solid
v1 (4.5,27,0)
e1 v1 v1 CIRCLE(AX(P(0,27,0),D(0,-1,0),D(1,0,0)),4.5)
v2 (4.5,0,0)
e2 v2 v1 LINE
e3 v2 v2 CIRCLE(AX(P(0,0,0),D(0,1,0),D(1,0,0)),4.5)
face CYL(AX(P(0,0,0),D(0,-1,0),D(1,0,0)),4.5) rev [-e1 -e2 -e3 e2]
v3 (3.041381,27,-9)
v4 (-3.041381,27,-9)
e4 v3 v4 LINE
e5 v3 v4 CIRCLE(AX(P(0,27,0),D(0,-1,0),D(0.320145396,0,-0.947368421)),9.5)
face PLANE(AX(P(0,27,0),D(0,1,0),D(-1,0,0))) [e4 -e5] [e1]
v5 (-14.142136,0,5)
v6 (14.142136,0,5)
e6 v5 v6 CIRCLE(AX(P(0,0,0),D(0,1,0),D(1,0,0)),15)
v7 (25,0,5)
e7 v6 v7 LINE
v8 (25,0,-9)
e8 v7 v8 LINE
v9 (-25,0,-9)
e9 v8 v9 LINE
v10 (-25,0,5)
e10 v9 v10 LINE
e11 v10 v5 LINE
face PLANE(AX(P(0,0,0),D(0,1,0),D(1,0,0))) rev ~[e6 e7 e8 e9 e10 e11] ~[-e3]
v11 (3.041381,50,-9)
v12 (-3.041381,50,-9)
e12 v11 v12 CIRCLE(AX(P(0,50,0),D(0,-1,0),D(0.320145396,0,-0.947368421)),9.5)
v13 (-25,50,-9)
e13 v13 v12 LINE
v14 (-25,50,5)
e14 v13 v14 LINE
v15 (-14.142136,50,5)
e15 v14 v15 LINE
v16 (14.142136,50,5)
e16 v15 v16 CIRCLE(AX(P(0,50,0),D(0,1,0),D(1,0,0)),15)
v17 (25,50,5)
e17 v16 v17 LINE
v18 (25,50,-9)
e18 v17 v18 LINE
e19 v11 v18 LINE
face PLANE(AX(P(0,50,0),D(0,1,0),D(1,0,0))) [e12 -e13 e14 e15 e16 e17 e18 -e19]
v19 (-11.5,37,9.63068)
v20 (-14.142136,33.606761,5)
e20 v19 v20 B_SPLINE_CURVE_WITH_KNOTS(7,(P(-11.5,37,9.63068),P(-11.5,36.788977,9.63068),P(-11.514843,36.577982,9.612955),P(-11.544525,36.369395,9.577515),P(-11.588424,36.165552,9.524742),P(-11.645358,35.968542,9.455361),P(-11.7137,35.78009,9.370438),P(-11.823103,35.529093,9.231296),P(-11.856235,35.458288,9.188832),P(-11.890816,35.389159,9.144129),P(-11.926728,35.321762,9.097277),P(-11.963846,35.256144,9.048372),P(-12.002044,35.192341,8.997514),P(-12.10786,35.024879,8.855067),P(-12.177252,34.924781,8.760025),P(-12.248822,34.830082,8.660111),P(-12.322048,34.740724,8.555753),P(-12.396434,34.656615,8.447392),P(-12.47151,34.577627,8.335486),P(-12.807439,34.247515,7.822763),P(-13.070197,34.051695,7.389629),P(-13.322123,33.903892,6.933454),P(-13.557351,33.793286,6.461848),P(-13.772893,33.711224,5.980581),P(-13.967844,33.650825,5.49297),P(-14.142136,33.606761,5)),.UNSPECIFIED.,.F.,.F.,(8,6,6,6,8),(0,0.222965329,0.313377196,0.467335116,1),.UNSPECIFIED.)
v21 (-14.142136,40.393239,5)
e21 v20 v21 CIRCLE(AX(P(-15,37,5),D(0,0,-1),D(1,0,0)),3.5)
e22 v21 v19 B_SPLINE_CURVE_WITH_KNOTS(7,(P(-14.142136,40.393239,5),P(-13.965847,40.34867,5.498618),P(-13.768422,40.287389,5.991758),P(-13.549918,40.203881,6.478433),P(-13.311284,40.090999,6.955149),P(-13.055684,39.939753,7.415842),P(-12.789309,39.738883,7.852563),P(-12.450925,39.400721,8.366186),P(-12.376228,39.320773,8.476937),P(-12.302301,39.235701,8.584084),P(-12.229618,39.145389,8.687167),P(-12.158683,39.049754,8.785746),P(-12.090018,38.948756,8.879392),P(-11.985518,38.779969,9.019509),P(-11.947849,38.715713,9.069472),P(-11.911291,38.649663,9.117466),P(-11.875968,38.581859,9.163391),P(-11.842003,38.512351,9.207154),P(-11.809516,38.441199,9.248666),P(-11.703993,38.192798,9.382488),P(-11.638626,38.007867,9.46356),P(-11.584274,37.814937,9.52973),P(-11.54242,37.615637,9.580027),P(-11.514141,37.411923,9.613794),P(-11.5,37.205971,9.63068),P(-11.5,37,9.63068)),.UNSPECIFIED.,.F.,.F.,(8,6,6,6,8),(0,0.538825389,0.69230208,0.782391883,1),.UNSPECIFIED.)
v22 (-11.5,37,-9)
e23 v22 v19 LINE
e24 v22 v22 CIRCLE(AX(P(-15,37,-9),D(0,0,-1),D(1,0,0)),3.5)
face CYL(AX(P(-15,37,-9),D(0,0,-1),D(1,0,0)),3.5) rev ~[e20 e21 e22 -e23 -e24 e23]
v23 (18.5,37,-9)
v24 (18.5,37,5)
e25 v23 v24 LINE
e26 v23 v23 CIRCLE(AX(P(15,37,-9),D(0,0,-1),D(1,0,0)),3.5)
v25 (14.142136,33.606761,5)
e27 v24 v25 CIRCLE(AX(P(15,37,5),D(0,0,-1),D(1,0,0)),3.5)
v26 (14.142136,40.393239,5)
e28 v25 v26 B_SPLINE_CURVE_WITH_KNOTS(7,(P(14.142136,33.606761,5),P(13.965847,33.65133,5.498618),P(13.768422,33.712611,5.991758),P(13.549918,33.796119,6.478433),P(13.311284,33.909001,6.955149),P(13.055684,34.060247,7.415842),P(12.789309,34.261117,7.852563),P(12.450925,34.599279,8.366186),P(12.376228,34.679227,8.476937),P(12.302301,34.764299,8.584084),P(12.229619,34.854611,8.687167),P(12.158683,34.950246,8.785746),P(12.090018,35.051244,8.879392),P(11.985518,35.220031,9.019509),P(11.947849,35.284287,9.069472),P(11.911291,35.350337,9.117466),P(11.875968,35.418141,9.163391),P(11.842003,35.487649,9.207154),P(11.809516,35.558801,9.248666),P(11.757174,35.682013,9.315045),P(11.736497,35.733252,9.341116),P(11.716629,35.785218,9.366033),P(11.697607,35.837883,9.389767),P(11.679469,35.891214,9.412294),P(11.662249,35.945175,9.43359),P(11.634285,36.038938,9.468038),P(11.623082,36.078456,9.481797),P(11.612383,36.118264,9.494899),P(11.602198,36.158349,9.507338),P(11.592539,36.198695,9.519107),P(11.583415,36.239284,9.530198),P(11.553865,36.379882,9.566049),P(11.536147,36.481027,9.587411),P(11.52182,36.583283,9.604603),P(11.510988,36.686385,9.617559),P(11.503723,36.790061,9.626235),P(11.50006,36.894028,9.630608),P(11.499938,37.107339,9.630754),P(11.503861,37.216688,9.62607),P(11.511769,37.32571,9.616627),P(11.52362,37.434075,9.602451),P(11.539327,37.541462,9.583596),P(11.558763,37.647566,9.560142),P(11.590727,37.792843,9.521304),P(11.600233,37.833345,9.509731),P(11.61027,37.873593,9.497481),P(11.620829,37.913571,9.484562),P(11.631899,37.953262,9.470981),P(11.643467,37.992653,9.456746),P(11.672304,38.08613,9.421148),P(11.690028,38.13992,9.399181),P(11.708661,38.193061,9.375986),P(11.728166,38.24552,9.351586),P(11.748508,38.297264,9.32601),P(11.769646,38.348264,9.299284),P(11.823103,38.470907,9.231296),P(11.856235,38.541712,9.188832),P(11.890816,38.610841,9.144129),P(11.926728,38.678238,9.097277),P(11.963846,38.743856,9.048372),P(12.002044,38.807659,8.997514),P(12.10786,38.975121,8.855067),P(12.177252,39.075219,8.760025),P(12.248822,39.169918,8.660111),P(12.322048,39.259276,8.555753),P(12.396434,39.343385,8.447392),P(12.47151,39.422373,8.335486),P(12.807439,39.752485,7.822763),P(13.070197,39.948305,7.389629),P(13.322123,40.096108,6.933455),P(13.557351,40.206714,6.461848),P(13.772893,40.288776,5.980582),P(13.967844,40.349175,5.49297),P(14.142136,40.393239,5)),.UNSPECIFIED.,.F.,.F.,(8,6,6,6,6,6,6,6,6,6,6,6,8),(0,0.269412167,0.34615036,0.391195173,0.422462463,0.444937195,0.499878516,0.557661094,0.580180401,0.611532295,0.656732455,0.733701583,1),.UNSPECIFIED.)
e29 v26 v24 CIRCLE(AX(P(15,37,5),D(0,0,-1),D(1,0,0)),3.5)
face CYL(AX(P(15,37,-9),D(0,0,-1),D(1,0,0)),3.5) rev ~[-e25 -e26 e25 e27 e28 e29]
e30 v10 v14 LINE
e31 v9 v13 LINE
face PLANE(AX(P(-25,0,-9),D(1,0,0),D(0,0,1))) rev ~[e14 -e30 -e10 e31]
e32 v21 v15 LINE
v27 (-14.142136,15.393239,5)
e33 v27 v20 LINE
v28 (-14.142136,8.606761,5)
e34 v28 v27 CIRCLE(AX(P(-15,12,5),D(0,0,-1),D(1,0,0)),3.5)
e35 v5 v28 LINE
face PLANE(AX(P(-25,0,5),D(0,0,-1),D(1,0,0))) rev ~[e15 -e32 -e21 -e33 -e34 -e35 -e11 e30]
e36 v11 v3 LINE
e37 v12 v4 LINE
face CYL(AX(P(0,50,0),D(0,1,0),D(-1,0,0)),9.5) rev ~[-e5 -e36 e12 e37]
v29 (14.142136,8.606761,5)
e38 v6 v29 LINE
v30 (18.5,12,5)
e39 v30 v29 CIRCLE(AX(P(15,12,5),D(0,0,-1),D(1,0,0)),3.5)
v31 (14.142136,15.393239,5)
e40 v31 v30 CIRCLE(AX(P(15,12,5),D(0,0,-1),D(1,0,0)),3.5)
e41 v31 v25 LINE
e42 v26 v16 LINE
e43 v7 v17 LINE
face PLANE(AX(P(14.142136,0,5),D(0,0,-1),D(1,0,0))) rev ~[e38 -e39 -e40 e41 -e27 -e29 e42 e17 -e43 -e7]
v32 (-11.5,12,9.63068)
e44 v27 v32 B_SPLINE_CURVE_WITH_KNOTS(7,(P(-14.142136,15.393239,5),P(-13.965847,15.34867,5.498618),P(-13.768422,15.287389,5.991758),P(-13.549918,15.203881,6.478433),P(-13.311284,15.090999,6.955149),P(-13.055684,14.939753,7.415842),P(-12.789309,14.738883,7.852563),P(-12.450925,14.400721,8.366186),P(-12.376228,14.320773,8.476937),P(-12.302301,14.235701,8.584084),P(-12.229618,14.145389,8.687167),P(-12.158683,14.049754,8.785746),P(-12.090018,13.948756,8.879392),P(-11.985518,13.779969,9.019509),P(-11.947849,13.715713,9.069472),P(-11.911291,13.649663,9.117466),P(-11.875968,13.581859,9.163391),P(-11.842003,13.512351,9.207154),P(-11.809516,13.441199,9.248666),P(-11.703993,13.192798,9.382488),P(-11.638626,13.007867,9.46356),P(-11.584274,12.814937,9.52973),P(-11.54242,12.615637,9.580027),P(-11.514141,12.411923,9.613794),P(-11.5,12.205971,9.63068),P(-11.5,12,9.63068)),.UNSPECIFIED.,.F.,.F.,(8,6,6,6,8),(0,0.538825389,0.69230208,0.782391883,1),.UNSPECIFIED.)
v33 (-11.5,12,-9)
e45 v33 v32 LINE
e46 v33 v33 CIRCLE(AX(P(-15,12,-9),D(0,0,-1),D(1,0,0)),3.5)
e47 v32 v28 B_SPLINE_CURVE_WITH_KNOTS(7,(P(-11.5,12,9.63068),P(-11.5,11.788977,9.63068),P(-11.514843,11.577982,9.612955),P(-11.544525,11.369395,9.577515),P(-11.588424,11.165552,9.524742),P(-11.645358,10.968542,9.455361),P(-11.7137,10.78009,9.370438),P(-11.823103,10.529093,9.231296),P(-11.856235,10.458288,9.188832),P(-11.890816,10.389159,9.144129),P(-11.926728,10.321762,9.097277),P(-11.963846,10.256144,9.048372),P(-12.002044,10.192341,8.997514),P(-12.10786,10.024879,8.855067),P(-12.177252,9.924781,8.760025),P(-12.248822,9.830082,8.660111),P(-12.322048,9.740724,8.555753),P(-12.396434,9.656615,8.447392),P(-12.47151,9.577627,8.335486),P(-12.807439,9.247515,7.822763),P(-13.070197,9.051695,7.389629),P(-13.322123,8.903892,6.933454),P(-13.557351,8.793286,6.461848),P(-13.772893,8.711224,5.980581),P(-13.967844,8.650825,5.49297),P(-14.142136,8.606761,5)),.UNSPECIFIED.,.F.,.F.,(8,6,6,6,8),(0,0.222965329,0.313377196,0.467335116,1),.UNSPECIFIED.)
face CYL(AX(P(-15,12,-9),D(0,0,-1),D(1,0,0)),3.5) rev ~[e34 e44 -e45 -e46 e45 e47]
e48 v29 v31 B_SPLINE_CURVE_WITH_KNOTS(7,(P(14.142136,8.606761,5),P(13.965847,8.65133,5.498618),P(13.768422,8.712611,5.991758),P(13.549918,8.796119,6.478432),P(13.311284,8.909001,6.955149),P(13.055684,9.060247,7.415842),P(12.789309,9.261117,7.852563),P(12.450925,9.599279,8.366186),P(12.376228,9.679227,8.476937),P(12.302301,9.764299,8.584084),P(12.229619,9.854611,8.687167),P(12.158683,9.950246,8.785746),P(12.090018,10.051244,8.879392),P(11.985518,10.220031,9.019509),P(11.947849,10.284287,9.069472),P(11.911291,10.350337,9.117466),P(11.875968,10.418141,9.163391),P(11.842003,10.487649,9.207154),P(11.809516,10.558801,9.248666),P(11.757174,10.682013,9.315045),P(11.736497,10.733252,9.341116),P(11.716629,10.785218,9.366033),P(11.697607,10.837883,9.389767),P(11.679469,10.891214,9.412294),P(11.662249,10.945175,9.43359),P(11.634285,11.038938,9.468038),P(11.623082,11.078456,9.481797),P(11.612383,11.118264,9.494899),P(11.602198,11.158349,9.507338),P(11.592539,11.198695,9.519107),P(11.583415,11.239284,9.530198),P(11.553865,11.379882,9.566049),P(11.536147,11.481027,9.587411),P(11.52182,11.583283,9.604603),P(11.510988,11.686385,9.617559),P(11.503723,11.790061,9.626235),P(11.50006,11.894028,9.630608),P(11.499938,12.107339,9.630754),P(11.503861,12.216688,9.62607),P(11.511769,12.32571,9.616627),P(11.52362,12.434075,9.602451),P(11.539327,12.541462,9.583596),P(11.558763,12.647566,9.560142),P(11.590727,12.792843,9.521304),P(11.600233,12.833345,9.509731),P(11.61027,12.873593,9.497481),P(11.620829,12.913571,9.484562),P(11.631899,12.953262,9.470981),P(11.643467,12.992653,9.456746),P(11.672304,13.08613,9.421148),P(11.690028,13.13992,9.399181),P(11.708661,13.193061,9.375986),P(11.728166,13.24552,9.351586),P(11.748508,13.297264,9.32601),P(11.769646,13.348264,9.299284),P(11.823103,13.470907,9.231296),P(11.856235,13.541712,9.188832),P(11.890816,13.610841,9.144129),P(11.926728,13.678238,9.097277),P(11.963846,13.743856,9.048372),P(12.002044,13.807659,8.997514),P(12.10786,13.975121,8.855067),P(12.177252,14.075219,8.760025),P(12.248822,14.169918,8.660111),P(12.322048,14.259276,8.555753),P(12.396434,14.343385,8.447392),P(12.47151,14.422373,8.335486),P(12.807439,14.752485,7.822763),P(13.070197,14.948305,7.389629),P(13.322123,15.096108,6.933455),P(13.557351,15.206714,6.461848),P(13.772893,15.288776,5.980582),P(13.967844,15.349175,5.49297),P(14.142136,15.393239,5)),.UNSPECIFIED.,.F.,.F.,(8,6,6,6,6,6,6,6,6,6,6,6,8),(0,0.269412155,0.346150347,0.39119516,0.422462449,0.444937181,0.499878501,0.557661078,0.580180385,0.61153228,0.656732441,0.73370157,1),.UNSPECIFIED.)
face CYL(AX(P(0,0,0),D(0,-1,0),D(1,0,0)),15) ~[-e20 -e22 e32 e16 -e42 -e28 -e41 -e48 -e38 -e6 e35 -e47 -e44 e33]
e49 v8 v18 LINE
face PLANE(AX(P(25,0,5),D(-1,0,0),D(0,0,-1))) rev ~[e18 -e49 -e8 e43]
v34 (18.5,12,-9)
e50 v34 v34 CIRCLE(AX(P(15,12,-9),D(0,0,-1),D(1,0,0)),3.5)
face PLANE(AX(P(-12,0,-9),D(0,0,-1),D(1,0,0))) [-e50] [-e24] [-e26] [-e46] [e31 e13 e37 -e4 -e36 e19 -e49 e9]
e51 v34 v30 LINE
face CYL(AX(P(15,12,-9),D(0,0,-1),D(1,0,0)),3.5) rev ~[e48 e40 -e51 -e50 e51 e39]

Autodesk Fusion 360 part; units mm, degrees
sketch "Sketch1" plane through (0, 0, 0) normal (0, 1, 0) x (1, 0, 0)
  circle A0 centre (0, 0) radius 15
  circle A1 centre (0, 0) radius 4.5
  line L0 (-12, 9) -> (12, 9)
  line L1 (-12, 9) -> (-25, 9)
  line L2 (-25, 9) -> (-25, -5)
  line L3 (-25, -5) -> (25, -5)
  line L4 (25, -5) -> (25, 9)
  line L5 (25, 9) -> (12, 9)
  dimension "d1" = 9
  dimension "d2" = 30
  dimension "d3" = 9
  dimension "d6" = 25
  dimension "d7" = 25
  dimension "d8" = 14
extrude "Extrude1" add sketch "Sketch1" along normal blind 50 contours A0 L0 L3 | A0 L3 L4 L5 | A0 L3 | A0 L1 L2 L3
sketch "Sketch2" plane through (0, 0, -9) normal (0, 0, -1) x (1, 0, 0)
  line L0 (25, 0) -> (-25, 0)
  line L1 (-25, 0) -> (-25, -50)
  line L2 (-25, -50) -> (25, -50)
  line L3 (25, -50) -> (25, 0)
  line L4 (0, 0) -> (0, -50)
  circle A0 centre (-15, -12) radius 3.5
  circle A1 centre (-15, -37) radius 3.5
  circle A2 centre (15, -12) radius 3.5
  circle A3 centre (15, -37) radius 3.5
  dimension "d9" = 15
  dimension "d10" = 15
  dimension "d11" = 25
  dimension "d12" = 12
  dimension "d13" = 7
  dimension "d14" = 7
sketch "Sketch3" plane through (0, 50, 0) normal (0, 1, 0) x (-1, 0, 0)
  circle A0 centre (0, 0) radius 4.5
  line L0 (-25, -9) -> (25, -9)
  line L1 (25, -9) -> (25, 5)
  line L2 (25, 5) -> (14.1421, 5)
  arc A1 (14.1421, 5) -> (-14.1421, 5) centre (0, 0) ccw
  line L3 (-14.1421, 5) -> (-25, 5)
  line L4 (-25, 5) -> (-25, -9)
  circle A2 centre (0, 0) radius 9.5
  dimension "d15" = 19
sketch "Sketch4" plane through (0, 0, 5) normal (0, 0, 1) x (-1, 0, 0)
  line L0 (-14.1421, -50) -> (-14.1421, 0)
  line L1 (-14.1421, 0) -> (-25, 0)
  line L2 (-25, 0) -> (-25, -50)
  line L3 (-25, -50) -> (-14.1421, -50)
  line L4 (0, 0) -> (0, -41)
  line L5 (-14.1421, -15) -> (-25, -15)
  line L6 (-25, -15) -> (-25, 0)
  line L7 (-25, 0) -> (-14.1421, 0)
  line L8 (-14.1421, 0) -> (-14.1421, -15)
  line L9 (14.1421, -15) -> (25, -15)
  line L10 (14.1421, 0) -> (14.1421, -15)
  line L11 (25, 0) -> (14.1421, 0)
  line L12 (25, -15) -> (25, 0)
  dimension "d20" = 15
extrude "Extrude3" cut sketch "Sketch2" against normal blind 26 contours A0 | A1 | A2 | A3
extrude "Extrude2" cut sketch "Sketch3" against normal blind 23 contours L0 A2 picked at (-0.1121, -7.4958)
extrude "Extrude4" [suppressed]
equation "d7 = d6"
equation "d10 = d9"
equation "d14 = d13"
